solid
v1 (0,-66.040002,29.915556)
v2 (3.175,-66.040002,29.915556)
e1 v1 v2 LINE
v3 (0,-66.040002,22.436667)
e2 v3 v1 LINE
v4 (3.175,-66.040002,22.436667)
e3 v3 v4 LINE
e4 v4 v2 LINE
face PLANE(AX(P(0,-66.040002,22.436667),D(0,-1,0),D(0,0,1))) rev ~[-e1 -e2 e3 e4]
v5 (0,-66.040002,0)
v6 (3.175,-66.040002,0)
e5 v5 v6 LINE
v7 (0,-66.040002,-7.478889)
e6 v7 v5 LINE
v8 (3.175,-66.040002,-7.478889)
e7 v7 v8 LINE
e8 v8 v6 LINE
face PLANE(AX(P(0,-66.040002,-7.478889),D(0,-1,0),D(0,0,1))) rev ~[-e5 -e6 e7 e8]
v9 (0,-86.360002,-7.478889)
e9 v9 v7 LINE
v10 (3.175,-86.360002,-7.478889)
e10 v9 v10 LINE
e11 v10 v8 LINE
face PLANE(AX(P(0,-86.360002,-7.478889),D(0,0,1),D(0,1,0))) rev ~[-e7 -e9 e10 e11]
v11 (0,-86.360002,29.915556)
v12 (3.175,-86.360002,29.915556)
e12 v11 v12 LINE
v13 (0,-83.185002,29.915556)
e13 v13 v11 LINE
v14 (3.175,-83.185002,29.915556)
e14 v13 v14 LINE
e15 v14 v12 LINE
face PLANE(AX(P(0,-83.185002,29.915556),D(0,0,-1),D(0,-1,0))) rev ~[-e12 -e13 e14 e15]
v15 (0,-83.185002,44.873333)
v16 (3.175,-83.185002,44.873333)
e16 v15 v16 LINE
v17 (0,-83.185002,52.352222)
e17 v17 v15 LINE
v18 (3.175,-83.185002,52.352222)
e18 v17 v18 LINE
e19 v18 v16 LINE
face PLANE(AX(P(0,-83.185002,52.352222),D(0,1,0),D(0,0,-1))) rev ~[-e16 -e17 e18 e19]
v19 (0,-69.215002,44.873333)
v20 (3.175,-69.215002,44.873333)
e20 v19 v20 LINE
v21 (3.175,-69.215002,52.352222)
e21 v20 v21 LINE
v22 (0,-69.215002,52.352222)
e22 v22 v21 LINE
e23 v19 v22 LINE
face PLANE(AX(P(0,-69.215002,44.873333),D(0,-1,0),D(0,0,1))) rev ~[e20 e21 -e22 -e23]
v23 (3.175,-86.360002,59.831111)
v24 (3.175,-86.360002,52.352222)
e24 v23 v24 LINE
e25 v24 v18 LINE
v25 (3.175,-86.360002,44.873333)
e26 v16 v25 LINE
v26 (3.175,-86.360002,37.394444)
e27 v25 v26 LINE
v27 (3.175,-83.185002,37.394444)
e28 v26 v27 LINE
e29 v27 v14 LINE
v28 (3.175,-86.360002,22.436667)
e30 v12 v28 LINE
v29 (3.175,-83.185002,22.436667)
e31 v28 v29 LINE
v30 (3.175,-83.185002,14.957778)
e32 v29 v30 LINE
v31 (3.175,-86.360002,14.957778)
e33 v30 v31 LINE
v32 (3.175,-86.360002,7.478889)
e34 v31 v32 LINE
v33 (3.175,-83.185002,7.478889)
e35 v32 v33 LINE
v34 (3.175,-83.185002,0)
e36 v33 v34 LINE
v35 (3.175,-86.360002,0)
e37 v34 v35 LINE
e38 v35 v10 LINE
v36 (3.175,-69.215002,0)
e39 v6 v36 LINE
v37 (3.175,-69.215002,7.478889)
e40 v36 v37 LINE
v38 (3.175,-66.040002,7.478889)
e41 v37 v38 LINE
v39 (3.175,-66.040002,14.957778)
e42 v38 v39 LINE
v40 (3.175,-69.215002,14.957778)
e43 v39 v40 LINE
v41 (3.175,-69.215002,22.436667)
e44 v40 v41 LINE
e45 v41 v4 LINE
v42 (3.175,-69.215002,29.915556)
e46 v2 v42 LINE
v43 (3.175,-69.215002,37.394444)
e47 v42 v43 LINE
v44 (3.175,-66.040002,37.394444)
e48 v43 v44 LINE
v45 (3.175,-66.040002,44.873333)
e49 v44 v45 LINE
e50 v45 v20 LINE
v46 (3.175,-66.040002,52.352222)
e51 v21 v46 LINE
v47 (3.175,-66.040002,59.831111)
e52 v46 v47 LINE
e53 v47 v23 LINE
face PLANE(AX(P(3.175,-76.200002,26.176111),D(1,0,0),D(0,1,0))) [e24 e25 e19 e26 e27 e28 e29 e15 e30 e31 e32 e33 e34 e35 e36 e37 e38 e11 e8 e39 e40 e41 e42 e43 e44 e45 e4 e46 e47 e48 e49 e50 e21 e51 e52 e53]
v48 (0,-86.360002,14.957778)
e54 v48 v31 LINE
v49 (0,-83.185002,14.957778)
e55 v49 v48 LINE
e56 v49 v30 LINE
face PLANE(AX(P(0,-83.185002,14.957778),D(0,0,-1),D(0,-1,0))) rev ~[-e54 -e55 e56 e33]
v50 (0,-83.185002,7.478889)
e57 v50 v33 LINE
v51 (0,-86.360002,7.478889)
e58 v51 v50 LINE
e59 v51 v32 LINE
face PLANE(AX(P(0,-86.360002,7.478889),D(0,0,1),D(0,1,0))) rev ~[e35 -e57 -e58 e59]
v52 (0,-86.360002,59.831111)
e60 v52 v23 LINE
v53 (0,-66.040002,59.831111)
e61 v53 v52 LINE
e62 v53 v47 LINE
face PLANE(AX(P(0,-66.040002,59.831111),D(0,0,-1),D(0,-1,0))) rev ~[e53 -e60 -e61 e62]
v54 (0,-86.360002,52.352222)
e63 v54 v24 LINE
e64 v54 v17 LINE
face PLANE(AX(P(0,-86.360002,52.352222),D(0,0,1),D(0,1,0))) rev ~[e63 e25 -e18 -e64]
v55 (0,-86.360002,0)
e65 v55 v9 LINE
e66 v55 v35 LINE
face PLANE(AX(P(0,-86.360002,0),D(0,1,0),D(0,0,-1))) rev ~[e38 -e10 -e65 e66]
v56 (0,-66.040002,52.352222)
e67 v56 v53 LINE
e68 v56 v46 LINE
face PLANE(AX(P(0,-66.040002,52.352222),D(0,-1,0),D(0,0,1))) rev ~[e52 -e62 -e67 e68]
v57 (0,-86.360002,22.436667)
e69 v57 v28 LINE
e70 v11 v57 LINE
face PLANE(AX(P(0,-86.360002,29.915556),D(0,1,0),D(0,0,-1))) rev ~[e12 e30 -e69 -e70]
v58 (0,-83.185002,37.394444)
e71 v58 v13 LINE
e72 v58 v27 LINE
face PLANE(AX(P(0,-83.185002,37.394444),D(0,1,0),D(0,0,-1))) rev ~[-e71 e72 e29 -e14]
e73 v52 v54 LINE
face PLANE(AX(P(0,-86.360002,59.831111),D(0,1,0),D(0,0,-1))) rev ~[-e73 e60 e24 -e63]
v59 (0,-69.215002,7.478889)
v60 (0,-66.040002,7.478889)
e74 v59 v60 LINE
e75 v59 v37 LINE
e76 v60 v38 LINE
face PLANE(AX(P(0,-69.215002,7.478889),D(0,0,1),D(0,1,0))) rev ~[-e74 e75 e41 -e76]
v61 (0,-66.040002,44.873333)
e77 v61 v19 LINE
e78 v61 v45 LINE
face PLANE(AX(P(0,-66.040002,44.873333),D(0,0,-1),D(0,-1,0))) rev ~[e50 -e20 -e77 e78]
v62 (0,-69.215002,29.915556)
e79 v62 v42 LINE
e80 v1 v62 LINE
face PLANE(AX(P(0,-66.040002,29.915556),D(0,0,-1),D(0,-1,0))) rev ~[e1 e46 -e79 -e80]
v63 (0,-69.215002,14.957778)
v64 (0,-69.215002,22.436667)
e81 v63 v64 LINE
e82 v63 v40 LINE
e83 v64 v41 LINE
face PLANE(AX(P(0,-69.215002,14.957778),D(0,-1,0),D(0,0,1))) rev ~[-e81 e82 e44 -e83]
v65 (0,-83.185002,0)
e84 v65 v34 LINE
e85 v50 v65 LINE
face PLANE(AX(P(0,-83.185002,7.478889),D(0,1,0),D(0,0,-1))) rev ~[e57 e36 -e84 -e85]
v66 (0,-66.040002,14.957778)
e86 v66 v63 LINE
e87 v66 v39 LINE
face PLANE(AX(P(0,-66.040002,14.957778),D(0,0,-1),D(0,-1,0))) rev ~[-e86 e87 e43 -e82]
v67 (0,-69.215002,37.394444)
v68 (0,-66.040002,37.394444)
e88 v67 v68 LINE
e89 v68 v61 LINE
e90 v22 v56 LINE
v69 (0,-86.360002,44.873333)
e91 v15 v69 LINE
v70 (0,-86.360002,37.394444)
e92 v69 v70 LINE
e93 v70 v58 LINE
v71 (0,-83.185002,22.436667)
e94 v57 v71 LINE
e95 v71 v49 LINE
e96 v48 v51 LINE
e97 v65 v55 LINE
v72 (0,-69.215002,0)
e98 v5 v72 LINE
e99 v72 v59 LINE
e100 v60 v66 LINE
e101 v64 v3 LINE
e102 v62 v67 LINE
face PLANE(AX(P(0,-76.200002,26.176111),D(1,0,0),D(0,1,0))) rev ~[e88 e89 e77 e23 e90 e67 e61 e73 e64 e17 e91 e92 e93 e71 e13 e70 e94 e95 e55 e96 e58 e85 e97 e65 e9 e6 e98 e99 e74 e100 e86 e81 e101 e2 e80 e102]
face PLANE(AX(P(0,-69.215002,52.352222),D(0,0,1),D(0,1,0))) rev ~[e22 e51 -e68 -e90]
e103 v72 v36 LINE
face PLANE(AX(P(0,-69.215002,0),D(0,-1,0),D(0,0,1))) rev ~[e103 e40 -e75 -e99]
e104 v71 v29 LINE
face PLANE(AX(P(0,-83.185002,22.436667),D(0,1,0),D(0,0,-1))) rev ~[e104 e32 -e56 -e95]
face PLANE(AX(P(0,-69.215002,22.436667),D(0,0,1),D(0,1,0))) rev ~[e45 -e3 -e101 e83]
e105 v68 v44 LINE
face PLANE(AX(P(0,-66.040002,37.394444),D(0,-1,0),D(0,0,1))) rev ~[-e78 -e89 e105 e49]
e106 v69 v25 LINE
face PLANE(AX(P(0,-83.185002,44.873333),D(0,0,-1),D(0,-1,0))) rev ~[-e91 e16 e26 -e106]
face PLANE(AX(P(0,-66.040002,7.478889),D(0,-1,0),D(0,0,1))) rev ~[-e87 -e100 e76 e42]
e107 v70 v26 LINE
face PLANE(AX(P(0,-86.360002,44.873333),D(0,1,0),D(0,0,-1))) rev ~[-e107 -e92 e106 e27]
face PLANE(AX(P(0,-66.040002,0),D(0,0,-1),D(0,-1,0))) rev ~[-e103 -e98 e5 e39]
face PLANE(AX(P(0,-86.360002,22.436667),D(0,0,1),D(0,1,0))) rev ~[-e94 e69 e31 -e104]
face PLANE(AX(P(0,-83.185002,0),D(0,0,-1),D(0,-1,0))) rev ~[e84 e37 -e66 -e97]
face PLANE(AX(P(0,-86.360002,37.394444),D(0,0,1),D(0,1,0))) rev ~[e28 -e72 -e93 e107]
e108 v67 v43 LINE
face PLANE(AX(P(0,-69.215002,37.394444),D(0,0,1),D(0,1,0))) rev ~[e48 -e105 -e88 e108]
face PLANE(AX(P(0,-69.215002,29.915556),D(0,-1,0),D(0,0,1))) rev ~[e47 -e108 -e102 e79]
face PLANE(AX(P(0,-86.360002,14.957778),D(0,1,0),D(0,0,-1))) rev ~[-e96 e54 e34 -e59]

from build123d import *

# Parameters (mm, degrees)
F1_DEPTH = 3.175


with BuildPart() as f1:
    # F0 (on Right) → F1 (new body)
    with BuildSketch(Plane.YZ):
        Polygon((-66.040002, 59.831111), (-86.360002, 59.831111), (-86.360002, 52.352222), (-83.185002, 52.352222), (-83.185002, 44.873333), (-86.360002, 44.873333), (-86.360002, 37.394444), (-83.185002, 37.394444), (-83.185002, 29.915556), (-86.360002, 29.915556), (-86.360002, 22.436667), (-83.185002, 22.436667), (-83.185002, 14.957778), (-86.360002, 14.957778), (-86.360002, 7.478889), (-83.185002, 7.478889), (-83.185002, 0), (-86.360002, 0), (-86.360002, -7.478889), (-66.040002, -7.478889), (-66.040002, 0), (-69.215002, 0), (-69.215002, 7.478889), (-66.040002, 7.478889), (-66.040002, 14.957778), (-69.215002, 14.957778), (-69.215002, 22.436667), (-66.040002, 22.436667), (-66.040002, 29.915556), (-69.215002, 29.915556), (-69.215002, 37.394444), (-66.040002, 37.394444), (-66.040002, 44.873333), (-69.215002, 44.873333), (-69.215002, 52.352222), (-66.040002, 52.352222), align=None)
    extrude(amount=F1_DEPTH)


solid = f1.part
